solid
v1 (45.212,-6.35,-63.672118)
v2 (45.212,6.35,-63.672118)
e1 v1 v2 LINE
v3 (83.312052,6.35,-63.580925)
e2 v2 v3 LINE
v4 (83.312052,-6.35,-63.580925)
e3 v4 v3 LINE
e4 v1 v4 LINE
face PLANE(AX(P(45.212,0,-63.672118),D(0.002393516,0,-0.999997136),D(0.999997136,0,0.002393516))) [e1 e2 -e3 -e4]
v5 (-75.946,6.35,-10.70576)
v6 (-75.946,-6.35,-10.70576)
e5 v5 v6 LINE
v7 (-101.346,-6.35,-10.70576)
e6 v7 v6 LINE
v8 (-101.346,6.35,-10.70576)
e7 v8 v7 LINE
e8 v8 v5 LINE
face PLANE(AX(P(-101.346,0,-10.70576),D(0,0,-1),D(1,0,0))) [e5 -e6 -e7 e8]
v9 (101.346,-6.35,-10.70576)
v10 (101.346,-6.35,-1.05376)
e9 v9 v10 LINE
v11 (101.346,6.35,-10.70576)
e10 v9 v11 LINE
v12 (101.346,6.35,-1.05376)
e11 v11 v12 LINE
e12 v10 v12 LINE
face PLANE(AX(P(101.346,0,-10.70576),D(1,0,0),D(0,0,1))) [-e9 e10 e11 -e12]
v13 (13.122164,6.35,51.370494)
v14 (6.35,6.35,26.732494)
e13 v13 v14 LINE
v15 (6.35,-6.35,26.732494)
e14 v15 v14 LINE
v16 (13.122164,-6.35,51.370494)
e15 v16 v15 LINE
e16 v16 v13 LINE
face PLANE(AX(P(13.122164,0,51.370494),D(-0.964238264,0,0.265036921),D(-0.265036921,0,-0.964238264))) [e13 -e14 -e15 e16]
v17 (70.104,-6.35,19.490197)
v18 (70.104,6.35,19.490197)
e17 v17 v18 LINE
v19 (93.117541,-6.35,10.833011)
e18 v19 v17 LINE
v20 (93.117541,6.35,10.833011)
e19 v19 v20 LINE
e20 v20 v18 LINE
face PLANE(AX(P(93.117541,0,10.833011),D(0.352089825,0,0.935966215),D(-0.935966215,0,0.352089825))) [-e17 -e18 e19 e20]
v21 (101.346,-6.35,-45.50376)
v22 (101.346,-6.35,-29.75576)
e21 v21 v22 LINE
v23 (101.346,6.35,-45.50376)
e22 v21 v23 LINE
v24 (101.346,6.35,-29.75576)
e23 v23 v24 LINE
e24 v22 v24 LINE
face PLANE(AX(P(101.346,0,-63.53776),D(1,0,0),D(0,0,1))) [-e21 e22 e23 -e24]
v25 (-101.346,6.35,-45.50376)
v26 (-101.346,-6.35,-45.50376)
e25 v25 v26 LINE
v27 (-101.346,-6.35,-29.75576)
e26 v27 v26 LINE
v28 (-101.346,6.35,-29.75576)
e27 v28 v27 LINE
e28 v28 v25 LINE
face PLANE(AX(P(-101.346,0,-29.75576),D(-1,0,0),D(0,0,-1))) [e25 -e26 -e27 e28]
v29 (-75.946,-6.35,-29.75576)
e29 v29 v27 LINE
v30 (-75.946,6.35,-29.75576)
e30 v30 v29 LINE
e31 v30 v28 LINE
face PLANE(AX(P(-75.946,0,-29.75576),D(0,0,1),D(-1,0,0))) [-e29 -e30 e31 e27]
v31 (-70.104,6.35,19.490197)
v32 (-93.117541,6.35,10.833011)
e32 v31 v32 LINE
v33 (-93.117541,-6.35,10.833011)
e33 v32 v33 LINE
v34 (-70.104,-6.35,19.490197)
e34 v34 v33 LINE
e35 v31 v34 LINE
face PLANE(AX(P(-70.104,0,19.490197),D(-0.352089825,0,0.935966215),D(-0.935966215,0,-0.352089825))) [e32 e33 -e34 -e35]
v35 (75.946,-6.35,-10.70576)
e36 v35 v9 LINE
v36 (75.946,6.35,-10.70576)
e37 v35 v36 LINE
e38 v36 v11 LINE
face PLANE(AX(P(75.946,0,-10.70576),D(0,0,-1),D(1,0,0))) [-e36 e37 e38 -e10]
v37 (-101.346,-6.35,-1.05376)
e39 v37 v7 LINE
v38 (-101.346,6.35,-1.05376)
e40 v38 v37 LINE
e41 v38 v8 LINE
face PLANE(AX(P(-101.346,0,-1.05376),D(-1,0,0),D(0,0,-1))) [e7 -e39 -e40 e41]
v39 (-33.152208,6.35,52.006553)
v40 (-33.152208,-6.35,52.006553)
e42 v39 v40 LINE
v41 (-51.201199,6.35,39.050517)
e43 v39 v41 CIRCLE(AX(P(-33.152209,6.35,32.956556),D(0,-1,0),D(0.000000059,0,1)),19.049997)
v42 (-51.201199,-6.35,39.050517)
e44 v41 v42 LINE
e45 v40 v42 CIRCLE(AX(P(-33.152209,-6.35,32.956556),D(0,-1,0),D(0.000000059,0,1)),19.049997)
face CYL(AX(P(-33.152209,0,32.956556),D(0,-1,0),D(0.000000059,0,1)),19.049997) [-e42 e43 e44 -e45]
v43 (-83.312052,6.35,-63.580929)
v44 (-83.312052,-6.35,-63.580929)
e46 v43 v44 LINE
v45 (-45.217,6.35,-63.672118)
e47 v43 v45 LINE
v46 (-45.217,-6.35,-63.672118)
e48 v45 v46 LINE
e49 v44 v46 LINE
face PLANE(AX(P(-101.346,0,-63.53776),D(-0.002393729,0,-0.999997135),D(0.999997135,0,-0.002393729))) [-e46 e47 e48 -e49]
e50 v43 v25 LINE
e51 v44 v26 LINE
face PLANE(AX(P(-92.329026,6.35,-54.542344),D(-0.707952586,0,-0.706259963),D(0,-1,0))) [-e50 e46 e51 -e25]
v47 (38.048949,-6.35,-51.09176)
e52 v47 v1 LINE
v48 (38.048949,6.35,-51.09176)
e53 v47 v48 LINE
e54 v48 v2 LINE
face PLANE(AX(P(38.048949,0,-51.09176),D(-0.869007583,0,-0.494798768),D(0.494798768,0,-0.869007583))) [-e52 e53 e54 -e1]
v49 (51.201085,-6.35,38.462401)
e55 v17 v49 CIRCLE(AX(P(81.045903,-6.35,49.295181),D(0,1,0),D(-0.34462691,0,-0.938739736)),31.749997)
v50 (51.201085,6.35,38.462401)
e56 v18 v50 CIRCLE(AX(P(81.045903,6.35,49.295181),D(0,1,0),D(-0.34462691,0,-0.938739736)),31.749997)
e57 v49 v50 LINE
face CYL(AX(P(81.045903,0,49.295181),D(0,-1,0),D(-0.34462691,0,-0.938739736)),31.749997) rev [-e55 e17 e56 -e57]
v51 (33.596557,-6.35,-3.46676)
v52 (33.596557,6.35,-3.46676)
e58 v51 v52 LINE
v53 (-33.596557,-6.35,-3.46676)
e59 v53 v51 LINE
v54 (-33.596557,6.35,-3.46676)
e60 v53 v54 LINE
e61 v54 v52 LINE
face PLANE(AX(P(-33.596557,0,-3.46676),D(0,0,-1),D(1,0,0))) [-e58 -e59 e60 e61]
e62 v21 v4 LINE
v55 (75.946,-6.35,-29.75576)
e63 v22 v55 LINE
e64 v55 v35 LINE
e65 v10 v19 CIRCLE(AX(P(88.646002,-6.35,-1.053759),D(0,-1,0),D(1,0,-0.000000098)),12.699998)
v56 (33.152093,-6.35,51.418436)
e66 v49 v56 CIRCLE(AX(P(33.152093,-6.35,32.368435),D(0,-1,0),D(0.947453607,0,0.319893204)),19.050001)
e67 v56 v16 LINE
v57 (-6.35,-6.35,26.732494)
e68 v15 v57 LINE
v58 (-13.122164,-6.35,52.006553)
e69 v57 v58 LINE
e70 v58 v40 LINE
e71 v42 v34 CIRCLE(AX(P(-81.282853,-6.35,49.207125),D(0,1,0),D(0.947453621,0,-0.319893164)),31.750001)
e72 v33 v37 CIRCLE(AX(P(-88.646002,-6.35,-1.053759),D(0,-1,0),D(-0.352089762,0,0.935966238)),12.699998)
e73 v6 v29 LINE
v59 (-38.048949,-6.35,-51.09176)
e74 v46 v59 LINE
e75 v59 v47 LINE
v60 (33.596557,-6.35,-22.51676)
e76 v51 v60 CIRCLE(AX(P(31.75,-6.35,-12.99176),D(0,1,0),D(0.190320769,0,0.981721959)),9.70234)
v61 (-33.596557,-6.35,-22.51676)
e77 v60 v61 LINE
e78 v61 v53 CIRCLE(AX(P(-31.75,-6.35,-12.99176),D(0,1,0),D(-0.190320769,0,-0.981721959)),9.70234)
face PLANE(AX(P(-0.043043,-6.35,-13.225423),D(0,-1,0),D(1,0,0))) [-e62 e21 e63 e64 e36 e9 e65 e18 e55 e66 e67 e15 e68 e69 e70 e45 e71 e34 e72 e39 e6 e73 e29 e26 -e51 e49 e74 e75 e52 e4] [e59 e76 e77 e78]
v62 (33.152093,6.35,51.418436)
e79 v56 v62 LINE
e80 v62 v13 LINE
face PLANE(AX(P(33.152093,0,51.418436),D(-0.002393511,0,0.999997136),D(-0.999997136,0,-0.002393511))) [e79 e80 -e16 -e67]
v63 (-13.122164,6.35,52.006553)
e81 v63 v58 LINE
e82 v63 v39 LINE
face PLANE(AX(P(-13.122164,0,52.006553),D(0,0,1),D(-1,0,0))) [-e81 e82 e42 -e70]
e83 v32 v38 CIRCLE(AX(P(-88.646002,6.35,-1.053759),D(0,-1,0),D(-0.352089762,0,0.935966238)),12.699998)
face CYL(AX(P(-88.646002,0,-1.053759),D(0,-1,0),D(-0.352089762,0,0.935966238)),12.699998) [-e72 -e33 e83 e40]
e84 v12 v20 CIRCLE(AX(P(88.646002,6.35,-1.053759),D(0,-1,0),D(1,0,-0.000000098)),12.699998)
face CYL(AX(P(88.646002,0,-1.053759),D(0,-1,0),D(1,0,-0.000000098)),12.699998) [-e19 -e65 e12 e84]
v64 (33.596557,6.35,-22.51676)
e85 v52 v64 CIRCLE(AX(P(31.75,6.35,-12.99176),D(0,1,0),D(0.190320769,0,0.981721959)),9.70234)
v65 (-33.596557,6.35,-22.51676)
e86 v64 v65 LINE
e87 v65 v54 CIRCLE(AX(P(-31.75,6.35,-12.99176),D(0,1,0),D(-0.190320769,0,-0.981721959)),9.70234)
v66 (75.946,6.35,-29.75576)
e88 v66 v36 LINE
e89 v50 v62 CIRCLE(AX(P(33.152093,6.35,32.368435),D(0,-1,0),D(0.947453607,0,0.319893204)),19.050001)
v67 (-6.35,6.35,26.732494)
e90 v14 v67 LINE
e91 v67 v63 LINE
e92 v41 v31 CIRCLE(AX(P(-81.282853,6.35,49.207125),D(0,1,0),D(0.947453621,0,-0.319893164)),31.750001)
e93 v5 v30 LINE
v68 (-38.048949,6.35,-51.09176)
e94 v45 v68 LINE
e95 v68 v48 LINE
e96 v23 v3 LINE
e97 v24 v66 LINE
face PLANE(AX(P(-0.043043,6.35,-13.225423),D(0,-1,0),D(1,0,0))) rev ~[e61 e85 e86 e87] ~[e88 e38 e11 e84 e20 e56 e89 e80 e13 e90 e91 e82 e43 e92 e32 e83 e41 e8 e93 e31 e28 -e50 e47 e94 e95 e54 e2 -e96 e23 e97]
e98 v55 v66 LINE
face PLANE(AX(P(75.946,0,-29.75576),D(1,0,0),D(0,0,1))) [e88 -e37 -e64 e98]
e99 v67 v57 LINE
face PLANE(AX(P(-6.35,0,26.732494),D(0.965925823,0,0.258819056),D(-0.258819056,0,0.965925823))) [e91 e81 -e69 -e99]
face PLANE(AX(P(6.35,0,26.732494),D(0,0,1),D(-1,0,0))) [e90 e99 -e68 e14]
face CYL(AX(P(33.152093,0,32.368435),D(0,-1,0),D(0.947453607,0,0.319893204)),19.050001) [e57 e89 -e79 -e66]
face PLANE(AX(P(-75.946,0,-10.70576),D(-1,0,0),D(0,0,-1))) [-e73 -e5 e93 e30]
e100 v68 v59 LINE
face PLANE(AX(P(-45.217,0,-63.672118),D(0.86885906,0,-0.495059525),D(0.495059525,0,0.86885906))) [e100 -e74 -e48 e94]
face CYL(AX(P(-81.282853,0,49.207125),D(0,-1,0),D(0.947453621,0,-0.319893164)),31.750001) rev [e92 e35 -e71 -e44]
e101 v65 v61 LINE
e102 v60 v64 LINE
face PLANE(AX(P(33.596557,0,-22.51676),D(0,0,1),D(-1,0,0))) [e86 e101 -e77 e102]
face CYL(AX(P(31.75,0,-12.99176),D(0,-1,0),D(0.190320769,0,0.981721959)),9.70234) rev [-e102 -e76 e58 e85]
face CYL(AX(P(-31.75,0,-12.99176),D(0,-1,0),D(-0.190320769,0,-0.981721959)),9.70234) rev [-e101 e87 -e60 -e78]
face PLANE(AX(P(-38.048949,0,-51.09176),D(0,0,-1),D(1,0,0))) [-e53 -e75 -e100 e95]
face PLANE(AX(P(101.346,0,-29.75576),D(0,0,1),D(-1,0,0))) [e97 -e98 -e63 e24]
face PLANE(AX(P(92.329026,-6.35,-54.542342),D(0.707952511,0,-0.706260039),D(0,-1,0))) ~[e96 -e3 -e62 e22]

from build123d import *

# Parameters (mm, degrees)
F1_DEPTH = 6.35
F2_SIZE  = 18.034


with BuildPart() as f1:
    # F0 (on Front) → F1 (new body, symmetric)
    with BuildSketch(Plane.XZ):
        with BuildLine():
            Line((6.35, 26.732494), (-6.35, 26.732494))
            Line((-6.35, 26.732494), (-13.122164, 52.006553))
            Line((-13.122164, 52.006553), (-33.152208, 52.006553))
            ThreePointArc((-33.152208, 52.006553), (-44.261044, 48.43222), (-51.201199, 39.050517))
            ThreePointArc((-51.201199, 39.050517), (-58.451758, 27.143497), (-70.104, 19.490197))
            Line((-70.104, 19.490197), (-93.117541, 10.833011))
            ThreePointArc((-93.117541, 10.833011), (-99.088188, 6.174706), (-101.346, -1.05376))
            Line((-101.346, -1.05376), (-101.346, -10.70576))
            Line((-101.346, -10.70576), (-75.946, -10.70576))
            Line((-75.946, -10.70576), (-75.946, -29.75576))
            Line((-75.946, -29.75576), (-101.346, -29.75576))
            Line((-101.346, -29.75576), (-101.346, -63.53776))
            Line((-101.346, -63.53776), (-45.217, -63.672118))
            Line((-45.217, -63.672118), (-38.048949, -51.09176))
            Line((-38.048949, -51.09176), (38.048949, -51.09176))
            Line((38.048949, -51.09176), (45.212, -63.672118))
            Line((45.212, -63.672118), (101.346, -63.53776))
            Line((101.346, -63.53776), (101.346, -29.75576))
            Line((101.346, -29.75576), (75.946, -29.75576))
            Line((75.946, -29.75576), (75.946, -10.70576))
            Line((75.946, -10.70576), (101.346, -10.70576))
            Line((101.346, -10.70576), (101.346, -1.05376))
            ThreePointArc((101.346, -1.05376), (99.088188, 6.174706), (93.117541, 10.833011))
            Line((93.117541, 10.833011), (70.104, 19.490197))
            ThreePointArc((70.104, 19.490197), (58.554232, 26.885651), (51.201085, 38.462401))
            ThreePointArc((51.201085, 38.462401), (44.260929, 47.844103), (33.152093, 51.418436))
            Line((33.152093, 51.418436), (13.122164, 51.370494))
            Line((13.122164, 51.370494), (6.35, 26.732494))
        make_face()
        with BuildLine():
            ThreePointArc((-33.596557, -22.51676), (-41.45234, -12.99176), (-33.596557, -3.46676))
            Line((-33.596557, -3.46676), (33.596557, -3.46676))
            ThreePointArc((33.596557, -3.46676), (41.45234, -12.99176), (33.596557, -22.51676))
            Line((33.596557, -22.51676), (-33.596557, -22.51676))
        make_face(mode=Mode.SUBTRACT)
    extrude(amount=F1_DEPTH, both=True)

    # F2
    f2_edges = [f1.edges().sort_by_distance(p)[0] for p in [
        (-101.346, 0, -63.53776),
        (101.346, 0, -63.53776),
    ]]
    chamfer(f2_edges, length=F2_SIZE)


solid = f1.part
